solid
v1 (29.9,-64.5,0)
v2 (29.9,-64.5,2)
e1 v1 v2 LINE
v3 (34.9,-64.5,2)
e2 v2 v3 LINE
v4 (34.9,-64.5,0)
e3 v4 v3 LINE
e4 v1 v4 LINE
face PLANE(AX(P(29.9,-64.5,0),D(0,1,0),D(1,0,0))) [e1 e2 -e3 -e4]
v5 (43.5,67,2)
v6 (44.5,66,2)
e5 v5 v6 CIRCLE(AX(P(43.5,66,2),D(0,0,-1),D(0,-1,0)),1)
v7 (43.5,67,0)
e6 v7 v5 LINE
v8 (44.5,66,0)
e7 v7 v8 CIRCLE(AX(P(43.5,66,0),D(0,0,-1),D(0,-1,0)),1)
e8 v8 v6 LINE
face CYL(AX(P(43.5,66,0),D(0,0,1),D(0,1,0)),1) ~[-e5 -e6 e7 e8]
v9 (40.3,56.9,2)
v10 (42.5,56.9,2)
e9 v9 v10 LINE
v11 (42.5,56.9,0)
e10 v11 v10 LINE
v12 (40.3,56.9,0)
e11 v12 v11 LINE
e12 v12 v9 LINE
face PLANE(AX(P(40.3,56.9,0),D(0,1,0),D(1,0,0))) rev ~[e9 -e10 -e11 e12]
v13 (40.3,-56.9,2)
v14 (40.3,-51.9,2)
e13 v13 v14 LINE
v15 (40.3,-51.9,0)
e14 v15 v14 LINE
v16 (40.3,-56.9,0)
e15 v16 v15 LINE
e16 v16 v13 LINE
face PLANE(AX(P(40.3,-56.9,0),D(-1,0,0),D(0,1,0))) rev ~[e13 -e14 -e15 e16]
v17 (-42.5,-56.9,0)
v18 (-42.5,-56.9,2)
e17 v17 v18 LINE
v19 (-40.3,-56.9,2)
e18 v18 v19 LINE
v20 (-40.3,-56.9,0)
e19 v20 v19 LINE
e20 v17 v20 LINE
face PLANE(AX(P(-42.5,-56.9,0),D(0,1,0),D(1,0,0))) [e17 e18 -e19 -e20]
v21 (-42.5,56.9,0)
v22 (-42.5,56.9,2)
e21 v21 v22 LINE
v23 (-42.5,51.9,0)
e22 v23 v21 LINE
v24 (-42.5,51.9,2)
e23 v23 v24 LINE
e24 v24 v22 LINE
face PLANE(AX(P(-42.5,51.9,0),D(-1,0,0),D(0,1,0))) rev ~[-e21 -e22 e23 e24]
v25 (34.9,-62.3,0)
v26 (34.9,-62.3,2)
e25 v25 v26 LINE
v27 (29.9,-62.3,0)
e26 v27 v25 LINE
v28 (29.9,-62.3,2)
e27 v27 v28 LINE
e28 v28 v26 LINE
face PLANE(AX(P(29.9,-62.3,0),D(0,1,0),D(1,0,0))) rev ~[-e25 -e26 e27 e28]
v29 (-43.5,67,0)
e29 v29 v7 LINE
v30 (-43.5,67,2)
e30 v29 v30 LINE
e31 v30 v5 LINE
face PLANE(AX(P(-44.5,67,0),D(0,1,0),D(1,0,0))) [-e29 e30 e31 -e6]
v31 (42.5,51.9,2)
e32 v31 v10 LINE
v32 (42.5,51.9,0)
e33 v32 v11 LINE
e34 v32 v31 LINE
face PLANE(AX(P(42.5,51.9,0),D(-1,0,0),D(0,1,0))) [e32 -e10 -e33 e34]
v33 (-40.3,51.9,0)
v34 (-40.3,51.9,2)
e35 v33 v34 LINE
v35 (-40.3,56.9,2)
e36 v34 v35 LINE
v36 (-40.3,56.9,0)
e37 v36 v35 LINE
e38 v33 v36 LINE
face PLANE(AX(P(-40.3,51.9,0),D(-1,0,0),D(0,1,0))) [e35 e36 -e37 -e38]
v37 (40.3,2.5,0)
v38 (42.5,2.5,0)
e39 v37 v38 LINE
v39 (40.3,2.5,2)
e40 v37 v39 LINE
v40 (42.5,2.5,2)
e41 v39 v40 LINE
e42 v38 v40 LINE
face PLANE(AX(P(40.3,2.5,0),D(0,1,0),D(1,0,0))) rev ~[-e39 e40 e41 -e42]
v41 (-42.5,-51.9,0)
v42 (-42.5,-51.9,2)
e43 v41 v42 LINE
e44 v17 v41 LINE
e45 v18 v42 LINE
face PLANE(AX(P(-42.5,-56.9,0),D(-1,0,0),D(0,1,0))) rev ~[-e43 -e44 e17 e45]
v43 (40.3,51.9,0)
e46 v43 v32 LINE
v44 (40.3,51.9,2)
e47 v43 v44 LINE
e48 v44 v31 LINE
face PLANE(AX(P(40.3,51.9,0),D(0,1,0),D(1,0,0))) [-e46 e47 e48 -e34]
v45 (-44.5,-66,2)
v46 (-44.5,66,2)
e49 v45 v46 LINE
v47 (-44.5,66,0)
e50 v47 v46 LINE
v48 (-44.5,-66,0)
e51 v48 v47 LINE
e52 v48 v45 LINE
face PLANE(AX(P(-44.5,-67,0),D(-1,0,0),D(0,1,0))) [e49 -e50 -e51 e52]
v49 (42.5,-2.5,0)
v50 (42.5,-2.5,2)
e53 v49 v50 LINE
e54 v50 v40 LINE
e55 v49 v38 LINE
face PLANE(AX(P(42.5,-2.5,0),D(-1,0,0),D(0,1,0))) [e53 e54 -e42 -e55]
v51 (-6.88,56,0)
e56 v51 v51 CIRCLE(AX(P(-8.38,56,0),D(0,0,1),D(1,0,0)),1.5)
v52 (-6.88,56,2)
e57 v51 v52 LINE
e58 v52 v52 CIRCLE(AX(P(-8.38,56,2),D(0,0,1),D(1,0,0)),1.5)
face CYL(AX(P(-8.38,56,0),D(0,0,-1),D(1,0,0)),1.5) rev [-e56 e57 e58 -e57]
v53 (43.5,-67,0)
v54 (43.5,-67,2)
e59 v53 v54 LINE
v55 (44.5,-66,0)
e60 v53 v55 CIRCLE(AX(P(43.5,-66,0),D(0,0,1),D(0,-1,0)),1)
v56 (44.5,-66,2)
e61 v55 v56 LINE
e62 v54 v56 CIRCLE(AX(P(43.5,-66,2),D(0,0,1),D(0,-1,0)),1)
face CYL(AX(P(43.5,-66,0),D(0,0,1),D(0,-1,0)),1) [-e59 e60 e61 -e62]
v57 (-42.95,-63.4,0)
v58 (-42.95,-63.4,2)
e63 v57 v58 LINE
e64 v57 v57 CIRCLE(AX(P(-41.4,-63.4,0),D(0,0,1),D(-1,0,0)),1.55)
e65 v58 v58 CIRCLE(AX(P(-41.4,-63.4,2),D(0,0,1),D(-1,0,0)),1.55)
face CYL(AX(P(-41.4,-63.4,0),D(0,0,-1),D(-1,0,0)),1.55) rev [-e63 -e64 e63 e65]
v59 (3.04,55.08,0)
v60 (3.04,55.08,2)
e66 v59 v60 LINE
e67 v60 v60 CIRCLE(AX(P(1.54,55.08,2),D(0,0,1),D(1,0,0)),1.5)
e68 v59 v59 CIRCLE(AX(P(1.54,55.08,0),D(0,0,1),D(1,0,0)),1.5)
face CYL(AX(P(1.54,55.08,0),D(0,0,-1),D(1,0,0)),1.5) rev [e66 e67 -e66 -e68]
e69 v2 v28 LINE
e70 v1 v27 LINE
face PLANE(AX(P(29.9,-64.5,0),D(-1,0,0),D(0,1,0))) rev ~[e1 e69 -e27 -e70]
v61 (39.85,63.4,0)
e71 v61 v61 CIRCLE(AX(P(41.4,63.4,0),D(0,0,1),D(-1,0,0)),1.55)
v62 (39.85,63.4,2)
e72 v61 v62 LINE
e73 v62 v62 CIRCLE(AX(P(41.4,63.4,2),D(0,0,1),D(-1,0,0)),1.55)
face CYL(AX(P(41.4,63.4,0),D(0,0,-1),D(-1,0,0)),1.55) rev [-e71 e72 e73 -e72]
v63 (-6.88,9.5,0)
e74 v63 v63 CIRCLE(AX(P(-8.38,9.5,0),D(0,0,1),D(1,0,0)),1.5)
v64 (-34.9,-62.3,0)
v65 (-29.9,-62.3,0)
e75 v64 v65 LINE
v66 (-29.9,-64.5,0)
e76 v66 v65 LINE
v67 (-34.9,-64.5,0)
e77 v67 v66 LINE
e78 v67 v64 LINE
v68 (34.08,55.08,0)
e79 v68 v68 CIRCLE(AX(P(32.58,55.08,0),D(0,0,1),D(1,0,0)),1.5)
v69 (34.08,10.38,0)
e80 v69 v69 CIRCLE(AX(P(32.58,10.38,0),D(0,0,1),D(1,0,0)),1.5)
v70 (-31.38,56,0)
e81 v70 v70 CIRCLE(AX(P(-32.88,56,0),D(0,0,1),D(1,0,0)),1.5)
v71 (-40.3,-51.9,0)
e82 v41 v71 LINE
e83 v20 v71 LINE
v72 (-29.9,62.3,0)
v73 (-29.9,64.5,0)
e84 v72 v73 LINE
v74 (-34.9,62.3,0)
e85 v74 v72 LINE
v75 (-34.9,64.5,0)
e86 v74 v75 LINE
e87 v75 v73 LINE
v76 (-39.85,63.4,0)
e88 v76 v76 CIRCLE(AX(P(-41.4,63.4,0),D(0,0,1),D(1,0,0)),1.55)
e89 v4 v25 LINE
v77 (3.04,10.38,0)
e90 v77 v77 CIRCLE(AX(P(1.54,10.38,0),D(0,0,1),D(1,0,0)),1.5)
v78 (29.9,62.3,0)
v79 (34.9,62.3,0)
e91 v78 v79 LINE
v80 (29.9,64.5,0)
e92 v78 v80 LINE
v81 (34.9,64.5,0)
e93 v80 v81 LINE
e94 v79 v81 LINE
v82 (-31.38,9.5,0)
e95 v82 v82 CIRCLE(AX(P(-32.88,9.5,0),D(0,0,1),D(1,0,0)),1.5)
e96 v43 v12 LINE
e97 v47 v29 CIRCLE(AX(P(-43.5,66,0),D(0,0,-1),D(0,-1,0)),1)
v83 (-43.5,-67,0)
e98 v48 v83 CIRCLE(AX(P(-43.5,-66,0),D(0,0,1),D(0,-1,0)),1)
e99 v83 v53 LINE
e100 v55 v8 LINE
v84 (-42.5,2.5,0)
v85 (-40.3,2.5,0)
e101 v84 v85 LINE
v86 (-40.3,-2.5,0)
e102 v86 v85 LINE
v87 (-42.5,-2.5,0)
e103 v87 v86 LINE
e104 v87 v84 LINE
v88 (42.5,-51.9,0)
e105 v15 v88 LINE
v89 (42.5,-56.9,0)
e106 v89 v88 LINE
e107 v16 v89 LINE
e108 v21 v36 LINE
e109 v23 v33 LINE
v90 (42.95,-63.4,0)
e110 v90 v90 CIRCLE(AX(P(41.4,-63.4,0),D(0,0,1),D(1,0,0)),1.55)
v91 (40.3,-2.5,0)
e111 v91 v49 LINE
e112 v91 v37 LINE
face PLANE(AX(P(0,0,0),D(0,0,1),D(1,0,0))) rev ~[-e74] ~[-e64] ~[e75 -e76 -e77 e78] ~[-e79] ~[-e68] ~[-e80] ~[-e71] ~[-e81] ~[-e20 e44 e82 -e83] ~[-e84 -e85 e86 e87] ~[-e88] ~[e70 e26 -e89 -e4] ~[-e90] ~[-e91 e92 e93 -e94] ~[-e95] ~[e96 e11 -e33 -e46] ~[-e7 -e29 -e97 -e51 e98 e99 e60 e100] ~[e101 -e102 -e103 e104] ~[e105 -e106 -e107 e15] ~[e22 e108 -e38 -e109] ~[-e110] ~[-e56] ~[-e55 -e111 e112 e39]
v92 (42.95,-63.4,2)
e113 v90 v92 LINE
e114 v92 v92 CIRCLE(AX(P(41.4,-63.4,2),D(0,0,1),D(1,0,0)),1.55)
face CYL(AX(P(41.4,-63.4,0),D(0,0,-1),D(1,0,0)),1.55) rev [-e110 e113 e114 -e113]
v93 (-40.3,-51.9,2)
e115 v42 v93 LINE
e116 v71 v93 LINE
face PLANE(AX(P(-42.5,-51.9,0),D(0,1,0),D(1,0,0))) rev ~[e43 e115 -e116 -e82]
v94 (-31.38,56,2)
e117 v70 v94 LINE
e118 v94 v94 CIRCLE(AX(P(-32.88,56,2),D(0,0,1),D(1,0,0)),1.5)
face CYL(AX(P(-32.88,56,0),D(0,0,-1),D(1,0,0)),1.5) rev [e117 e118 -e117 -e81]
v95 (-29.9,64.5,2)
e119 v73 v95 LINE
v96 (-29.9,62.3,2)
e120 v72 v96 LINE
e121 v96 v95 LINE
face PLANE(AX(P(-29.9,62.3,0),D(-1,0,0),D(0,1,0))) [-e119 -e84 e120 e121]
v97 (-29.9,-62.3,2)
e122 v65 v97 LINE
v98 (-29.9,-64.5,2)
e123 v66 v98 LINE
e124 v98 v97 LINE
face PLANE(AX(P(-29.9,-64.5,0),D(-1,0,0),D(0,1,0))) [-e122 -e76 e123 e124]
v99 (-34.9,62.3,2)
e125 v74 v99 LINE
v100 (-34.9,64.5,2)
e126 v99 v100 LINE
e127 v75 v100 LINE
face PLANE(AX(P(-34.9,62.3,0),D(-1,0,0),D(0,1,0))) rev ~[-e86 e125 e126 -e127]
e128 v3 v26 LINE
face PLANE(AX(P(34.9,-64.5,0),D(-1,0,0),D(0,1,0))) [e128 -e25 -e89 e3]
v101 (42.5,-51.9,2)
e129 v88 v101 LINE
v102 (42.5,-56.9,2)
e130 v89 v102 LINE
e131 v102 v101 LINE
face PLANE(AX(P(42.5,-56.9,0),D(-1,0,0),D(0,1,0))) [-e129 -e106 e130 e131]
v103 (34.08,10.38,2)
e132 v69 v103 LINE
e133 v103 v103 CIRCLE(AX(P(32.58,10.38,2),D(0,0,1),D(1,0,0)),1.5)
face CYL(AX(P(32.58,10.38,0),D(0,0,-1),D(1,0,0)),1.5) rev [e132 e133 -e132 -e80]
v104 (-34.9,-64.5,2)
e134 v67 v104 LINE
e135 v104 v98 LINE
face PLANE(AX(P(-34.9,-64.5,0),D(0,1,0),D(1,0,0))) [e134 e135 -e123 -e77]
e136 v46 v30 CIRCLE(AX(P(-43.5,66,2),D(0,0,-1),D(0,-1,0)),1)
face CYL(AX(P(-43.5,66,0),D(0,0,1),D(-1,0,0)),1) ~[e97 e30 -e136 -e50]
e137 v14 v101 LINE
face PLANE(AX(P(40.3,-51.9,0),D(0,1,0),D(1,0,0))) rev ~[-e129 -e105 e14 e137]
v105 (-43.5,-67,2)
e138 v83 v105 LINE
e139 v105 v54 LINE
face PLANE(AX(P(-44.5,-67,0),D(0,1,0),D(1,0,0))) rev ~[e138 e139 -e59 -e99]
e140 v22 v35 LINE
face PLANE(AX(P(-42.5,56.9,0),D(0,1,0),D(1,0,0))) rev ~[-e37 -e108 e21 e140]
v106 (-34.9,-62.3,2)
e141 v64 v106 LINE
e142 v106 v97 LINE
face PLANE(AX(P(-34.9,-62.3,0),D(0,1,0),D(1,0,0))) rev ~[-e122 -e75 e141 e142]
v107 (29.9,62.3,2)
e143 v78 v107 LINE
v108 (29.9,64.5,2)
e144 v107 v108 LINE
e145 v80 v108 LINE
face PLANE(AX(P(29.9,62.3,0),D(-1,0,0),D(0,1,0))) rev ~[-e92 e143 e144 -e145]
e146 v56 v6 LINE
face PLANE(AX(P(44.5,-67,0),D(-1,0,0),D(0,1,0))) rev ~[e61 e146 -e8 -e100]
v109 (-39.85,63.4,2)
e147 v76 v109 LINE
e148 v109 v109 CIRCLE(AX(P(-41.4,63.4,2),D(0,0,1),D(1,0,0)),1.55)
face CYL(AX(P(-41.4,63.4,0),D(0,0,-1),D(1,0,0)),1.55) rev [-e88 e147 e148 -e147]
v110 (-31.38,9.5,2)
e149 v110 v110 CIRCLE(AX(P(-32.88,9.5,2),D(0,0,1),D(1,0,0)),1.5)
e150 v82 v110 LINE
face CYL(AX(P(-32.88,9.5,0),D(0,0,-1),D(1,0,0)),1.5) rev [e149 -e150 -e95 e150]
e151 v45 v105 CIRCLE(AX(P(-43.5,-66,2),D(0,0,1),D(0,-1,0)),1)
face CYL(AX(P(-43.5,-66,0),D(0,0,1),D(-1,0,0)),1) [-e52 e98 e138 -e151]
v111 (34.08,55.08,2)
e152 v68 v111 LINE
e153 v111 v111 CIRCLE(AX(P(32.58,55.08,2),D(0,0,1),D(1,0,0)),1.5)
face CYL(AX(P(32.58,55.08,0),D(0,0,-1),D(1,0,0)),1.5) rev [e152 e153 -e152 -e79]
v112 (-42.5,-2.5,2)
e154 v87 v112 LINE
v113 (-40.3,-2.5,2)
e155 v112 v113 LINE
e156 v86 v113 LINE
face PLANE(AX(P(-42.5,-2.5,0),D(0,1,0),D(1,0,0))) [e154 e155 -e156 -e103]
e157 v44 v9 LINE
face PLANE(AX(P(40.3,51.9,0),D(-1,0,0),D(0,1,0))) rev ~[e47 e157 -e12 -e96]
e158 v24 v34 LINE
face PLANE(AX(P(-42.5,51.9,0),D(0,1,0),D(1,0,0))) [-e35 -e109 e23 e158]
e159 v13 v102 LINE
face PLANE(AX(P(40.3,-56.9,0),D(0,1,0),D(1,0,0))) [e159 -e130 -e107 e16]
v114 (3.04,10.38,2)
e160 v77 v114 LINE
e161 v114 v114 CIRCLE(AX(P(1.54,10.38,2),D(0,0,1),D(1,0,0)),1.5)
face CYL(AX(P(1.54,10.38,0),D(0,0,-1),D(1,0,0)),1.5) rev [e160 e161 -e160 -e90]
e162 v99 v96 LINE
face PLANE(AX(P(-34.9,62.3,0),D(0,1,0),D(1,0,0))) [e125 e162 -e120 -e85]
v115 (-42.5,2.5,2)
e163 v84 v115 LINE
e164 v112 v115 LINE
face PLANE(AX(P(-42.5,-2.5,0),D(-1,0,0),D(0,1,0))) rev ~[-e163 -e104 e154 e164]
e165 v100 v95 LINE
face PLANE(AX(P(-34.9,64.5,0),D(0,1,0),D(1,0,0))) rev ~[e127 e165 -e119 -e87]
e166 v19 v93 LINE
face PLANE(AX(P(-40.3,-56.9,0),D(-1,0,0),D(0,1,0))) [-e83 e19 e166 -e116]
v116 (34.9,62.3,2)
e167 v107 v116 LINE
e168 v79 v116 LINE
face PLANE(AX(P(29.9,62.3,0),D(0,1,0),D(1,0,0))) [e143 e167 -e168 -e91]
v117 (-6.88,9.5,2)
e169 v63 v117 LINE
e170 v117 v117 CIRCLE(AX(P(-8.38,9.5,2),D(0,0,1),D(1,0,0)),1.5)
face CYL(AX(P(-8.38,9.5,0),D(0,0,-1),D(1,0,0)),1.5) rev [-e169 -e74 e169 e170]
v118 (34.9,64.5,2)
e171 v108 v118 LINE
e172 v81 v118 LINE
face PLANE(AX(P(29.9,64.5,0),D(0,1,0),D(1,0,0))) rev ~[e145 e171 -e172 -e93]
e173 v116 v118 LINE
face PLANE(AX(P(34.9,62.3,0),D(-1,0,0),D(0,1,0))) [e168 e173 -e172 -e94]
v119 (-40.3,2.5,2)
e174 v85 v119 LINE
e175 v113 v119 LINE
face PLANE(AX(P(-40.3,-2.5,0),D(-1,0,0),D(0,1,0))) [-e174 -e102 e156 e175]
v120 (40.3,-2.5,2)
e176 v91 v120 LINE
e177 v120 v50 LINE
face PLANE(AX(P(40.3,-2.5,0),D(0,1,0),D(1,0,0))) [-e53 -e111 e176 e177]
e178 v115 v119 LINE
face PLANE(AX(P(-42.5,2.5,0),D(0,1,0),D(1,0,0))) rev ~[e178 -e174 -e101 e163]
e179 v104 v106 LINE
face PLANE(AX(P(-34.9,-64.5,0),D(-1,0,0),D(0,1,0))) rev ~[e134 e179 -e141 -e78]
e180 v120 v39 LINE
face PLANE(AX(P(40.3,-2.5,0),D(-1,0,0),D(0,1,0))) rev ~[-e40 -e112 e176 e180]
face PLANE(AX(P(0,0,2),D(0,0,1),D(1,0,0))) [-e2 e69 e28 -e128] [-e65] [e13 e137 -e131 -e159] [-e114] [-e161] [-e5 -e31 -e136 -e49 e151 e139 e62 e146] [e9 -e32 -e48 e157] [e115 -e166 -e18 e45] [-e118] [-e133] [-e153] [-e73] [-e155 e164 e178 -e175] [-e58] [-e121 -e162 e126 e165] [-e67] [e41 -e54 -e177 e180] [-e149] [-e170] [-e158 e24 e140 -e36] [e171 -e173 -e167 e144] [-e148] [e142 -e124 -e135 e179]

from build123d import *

# Parameters (mm, degrees)
SKETCH1_W           = 89
SKETCH1_H           = 134
SKETCH1_R           = 1.5
SKETCH1_R_2         = 1.55
SKETCH1_W_2         = 2.2
SKETCH1_H_2         = 5
SKETCH1_W_3         = 5
SKETCH1_H_3         = 2.2
BOSS_EXTRUDE1_DEPTH = 2
FILLET1_R           = 1


with BuildPart() as part:
    # Sketch1 → Boss-Extrude1 (new body)
    with BuildSketch(Plane.XY):
        Rectangle(SKETCH1_W, SKETCH1_H)
        with Locations((-32.88, 56)):
            Circle(SKETCH1_R, mode=Mode.SUBTRACT)
        with Locations((-8.38, 56)):
            Circle(SKETCH1_R, mode=Mode.SUBTRACT)
        with Locations((-32.88, 9.5)):
            Circle(SKETCH1_R, mode=Mode.SUBTRACT)
        with Locations((-8.38, 9.5)):
            Circle(SKETCH1_R, mode=Mode.SUBTRACT)
        with Locations((1.54, 55.08)):
            Circle(SKETCH1_R, mode=Mode.SUBTRACT)
        with Locations((32.58, 55.08)):
            Circle(SKETCH1_R, mode=Mode.SUBTRACT)
        with Locations((1.54, 10.38)):
            Circle(SKETCH1_R, mode=Mode.SUBTRACT)
        with Locations((32.58, 10.38)):
            Circle(SKETCH1_R, mode=Mode.SUBTRACT)
        with Locations((-41.4, 63.4)):
            Circle(SKETCH1_R_2, mode=Mode.SUBTRACT)
        with Locations(Location((-41.4, -63.4, 0), (0, 0, 180))):
            Circle(SKETCH1_R_2, mode=Mode.SUBTRACT)
        with Locations((41.4, -63.4)):
            Circle(SKETCH1_R_2, mode=Mode.SUBTRACT)
        with Locations(Location((41.4, 63.4, 0), (0, 0, 180))):
            Circle(SKETCH1_R_2, mode=Mode.SUBTRACT)
        with Locations((-41.4, 0)):
            Rectangle(SKETCH1_W_2, SKETCH1_H_2, mode=Mode.SUBTRACT)
        with Locations((-41.4, -54.4)):
            Rectangle(SKETCH1_W_2, SKETCH1_H_2, mode=Mode.SUBTRACT)
        with Locations((-41.4, 54.4)):
            Rectangle(SKETCH1_W_2, SKETCH1_H_2, mode=Mode.SUBTRACT)
        with Locations((41.4, 54.4)):
            Rectangle(SKETCH1_W_2, SKETCH1_H_2, mode=Mode.SUBTRACT)
        with Locations((41.4, -54.4)):
            Rectangle(SKETCH1_W_2, SKETCH1_H_2, mode=Mode.SUBTRACT)
        with Locations((41.4, 0)):
            Rectangle(SKETCH1_W_2, SKETCH1_H_2, mode=Mode.SUBTRACT)
        with Locations((32.4, 63.4)):
            Rectangle(SKETCH1_W_3, SKETCH1_H_3, mode=Mode.SUBTRACT)
        with Locations((-32.4, 63.4)):
            Rectangle(SKETCH1_W_3, SKETCH1_H_3, mode=Mode.SUBTRACT)
        with Locations((32.4, -63.4)):
            Rectangle(SKETCH1_W_3, SKETCH1_H_3, mode=Mode.SUBTRACT)
        with Locations((-32.4, -63.4)):
            Rectangle(SKETCH1_W_3, SKETCH1_H_3, mode=Mode.SUBTRACT)
    extrude(amount=BOSS_EXTRUDE1_DEPTH)

    # Fillet1
    fillet1_edges = [part.edges().sort_by_distance(p)[0] for p in [
        (44.5, -67, 1),
        (-44.5, -67, 1),
        (-44.5, 67, 1),
        (44.5, 67, 1),
    ]]
    fillet(fillet1_edges, radius=FILLET1_R)


solid = part.part
